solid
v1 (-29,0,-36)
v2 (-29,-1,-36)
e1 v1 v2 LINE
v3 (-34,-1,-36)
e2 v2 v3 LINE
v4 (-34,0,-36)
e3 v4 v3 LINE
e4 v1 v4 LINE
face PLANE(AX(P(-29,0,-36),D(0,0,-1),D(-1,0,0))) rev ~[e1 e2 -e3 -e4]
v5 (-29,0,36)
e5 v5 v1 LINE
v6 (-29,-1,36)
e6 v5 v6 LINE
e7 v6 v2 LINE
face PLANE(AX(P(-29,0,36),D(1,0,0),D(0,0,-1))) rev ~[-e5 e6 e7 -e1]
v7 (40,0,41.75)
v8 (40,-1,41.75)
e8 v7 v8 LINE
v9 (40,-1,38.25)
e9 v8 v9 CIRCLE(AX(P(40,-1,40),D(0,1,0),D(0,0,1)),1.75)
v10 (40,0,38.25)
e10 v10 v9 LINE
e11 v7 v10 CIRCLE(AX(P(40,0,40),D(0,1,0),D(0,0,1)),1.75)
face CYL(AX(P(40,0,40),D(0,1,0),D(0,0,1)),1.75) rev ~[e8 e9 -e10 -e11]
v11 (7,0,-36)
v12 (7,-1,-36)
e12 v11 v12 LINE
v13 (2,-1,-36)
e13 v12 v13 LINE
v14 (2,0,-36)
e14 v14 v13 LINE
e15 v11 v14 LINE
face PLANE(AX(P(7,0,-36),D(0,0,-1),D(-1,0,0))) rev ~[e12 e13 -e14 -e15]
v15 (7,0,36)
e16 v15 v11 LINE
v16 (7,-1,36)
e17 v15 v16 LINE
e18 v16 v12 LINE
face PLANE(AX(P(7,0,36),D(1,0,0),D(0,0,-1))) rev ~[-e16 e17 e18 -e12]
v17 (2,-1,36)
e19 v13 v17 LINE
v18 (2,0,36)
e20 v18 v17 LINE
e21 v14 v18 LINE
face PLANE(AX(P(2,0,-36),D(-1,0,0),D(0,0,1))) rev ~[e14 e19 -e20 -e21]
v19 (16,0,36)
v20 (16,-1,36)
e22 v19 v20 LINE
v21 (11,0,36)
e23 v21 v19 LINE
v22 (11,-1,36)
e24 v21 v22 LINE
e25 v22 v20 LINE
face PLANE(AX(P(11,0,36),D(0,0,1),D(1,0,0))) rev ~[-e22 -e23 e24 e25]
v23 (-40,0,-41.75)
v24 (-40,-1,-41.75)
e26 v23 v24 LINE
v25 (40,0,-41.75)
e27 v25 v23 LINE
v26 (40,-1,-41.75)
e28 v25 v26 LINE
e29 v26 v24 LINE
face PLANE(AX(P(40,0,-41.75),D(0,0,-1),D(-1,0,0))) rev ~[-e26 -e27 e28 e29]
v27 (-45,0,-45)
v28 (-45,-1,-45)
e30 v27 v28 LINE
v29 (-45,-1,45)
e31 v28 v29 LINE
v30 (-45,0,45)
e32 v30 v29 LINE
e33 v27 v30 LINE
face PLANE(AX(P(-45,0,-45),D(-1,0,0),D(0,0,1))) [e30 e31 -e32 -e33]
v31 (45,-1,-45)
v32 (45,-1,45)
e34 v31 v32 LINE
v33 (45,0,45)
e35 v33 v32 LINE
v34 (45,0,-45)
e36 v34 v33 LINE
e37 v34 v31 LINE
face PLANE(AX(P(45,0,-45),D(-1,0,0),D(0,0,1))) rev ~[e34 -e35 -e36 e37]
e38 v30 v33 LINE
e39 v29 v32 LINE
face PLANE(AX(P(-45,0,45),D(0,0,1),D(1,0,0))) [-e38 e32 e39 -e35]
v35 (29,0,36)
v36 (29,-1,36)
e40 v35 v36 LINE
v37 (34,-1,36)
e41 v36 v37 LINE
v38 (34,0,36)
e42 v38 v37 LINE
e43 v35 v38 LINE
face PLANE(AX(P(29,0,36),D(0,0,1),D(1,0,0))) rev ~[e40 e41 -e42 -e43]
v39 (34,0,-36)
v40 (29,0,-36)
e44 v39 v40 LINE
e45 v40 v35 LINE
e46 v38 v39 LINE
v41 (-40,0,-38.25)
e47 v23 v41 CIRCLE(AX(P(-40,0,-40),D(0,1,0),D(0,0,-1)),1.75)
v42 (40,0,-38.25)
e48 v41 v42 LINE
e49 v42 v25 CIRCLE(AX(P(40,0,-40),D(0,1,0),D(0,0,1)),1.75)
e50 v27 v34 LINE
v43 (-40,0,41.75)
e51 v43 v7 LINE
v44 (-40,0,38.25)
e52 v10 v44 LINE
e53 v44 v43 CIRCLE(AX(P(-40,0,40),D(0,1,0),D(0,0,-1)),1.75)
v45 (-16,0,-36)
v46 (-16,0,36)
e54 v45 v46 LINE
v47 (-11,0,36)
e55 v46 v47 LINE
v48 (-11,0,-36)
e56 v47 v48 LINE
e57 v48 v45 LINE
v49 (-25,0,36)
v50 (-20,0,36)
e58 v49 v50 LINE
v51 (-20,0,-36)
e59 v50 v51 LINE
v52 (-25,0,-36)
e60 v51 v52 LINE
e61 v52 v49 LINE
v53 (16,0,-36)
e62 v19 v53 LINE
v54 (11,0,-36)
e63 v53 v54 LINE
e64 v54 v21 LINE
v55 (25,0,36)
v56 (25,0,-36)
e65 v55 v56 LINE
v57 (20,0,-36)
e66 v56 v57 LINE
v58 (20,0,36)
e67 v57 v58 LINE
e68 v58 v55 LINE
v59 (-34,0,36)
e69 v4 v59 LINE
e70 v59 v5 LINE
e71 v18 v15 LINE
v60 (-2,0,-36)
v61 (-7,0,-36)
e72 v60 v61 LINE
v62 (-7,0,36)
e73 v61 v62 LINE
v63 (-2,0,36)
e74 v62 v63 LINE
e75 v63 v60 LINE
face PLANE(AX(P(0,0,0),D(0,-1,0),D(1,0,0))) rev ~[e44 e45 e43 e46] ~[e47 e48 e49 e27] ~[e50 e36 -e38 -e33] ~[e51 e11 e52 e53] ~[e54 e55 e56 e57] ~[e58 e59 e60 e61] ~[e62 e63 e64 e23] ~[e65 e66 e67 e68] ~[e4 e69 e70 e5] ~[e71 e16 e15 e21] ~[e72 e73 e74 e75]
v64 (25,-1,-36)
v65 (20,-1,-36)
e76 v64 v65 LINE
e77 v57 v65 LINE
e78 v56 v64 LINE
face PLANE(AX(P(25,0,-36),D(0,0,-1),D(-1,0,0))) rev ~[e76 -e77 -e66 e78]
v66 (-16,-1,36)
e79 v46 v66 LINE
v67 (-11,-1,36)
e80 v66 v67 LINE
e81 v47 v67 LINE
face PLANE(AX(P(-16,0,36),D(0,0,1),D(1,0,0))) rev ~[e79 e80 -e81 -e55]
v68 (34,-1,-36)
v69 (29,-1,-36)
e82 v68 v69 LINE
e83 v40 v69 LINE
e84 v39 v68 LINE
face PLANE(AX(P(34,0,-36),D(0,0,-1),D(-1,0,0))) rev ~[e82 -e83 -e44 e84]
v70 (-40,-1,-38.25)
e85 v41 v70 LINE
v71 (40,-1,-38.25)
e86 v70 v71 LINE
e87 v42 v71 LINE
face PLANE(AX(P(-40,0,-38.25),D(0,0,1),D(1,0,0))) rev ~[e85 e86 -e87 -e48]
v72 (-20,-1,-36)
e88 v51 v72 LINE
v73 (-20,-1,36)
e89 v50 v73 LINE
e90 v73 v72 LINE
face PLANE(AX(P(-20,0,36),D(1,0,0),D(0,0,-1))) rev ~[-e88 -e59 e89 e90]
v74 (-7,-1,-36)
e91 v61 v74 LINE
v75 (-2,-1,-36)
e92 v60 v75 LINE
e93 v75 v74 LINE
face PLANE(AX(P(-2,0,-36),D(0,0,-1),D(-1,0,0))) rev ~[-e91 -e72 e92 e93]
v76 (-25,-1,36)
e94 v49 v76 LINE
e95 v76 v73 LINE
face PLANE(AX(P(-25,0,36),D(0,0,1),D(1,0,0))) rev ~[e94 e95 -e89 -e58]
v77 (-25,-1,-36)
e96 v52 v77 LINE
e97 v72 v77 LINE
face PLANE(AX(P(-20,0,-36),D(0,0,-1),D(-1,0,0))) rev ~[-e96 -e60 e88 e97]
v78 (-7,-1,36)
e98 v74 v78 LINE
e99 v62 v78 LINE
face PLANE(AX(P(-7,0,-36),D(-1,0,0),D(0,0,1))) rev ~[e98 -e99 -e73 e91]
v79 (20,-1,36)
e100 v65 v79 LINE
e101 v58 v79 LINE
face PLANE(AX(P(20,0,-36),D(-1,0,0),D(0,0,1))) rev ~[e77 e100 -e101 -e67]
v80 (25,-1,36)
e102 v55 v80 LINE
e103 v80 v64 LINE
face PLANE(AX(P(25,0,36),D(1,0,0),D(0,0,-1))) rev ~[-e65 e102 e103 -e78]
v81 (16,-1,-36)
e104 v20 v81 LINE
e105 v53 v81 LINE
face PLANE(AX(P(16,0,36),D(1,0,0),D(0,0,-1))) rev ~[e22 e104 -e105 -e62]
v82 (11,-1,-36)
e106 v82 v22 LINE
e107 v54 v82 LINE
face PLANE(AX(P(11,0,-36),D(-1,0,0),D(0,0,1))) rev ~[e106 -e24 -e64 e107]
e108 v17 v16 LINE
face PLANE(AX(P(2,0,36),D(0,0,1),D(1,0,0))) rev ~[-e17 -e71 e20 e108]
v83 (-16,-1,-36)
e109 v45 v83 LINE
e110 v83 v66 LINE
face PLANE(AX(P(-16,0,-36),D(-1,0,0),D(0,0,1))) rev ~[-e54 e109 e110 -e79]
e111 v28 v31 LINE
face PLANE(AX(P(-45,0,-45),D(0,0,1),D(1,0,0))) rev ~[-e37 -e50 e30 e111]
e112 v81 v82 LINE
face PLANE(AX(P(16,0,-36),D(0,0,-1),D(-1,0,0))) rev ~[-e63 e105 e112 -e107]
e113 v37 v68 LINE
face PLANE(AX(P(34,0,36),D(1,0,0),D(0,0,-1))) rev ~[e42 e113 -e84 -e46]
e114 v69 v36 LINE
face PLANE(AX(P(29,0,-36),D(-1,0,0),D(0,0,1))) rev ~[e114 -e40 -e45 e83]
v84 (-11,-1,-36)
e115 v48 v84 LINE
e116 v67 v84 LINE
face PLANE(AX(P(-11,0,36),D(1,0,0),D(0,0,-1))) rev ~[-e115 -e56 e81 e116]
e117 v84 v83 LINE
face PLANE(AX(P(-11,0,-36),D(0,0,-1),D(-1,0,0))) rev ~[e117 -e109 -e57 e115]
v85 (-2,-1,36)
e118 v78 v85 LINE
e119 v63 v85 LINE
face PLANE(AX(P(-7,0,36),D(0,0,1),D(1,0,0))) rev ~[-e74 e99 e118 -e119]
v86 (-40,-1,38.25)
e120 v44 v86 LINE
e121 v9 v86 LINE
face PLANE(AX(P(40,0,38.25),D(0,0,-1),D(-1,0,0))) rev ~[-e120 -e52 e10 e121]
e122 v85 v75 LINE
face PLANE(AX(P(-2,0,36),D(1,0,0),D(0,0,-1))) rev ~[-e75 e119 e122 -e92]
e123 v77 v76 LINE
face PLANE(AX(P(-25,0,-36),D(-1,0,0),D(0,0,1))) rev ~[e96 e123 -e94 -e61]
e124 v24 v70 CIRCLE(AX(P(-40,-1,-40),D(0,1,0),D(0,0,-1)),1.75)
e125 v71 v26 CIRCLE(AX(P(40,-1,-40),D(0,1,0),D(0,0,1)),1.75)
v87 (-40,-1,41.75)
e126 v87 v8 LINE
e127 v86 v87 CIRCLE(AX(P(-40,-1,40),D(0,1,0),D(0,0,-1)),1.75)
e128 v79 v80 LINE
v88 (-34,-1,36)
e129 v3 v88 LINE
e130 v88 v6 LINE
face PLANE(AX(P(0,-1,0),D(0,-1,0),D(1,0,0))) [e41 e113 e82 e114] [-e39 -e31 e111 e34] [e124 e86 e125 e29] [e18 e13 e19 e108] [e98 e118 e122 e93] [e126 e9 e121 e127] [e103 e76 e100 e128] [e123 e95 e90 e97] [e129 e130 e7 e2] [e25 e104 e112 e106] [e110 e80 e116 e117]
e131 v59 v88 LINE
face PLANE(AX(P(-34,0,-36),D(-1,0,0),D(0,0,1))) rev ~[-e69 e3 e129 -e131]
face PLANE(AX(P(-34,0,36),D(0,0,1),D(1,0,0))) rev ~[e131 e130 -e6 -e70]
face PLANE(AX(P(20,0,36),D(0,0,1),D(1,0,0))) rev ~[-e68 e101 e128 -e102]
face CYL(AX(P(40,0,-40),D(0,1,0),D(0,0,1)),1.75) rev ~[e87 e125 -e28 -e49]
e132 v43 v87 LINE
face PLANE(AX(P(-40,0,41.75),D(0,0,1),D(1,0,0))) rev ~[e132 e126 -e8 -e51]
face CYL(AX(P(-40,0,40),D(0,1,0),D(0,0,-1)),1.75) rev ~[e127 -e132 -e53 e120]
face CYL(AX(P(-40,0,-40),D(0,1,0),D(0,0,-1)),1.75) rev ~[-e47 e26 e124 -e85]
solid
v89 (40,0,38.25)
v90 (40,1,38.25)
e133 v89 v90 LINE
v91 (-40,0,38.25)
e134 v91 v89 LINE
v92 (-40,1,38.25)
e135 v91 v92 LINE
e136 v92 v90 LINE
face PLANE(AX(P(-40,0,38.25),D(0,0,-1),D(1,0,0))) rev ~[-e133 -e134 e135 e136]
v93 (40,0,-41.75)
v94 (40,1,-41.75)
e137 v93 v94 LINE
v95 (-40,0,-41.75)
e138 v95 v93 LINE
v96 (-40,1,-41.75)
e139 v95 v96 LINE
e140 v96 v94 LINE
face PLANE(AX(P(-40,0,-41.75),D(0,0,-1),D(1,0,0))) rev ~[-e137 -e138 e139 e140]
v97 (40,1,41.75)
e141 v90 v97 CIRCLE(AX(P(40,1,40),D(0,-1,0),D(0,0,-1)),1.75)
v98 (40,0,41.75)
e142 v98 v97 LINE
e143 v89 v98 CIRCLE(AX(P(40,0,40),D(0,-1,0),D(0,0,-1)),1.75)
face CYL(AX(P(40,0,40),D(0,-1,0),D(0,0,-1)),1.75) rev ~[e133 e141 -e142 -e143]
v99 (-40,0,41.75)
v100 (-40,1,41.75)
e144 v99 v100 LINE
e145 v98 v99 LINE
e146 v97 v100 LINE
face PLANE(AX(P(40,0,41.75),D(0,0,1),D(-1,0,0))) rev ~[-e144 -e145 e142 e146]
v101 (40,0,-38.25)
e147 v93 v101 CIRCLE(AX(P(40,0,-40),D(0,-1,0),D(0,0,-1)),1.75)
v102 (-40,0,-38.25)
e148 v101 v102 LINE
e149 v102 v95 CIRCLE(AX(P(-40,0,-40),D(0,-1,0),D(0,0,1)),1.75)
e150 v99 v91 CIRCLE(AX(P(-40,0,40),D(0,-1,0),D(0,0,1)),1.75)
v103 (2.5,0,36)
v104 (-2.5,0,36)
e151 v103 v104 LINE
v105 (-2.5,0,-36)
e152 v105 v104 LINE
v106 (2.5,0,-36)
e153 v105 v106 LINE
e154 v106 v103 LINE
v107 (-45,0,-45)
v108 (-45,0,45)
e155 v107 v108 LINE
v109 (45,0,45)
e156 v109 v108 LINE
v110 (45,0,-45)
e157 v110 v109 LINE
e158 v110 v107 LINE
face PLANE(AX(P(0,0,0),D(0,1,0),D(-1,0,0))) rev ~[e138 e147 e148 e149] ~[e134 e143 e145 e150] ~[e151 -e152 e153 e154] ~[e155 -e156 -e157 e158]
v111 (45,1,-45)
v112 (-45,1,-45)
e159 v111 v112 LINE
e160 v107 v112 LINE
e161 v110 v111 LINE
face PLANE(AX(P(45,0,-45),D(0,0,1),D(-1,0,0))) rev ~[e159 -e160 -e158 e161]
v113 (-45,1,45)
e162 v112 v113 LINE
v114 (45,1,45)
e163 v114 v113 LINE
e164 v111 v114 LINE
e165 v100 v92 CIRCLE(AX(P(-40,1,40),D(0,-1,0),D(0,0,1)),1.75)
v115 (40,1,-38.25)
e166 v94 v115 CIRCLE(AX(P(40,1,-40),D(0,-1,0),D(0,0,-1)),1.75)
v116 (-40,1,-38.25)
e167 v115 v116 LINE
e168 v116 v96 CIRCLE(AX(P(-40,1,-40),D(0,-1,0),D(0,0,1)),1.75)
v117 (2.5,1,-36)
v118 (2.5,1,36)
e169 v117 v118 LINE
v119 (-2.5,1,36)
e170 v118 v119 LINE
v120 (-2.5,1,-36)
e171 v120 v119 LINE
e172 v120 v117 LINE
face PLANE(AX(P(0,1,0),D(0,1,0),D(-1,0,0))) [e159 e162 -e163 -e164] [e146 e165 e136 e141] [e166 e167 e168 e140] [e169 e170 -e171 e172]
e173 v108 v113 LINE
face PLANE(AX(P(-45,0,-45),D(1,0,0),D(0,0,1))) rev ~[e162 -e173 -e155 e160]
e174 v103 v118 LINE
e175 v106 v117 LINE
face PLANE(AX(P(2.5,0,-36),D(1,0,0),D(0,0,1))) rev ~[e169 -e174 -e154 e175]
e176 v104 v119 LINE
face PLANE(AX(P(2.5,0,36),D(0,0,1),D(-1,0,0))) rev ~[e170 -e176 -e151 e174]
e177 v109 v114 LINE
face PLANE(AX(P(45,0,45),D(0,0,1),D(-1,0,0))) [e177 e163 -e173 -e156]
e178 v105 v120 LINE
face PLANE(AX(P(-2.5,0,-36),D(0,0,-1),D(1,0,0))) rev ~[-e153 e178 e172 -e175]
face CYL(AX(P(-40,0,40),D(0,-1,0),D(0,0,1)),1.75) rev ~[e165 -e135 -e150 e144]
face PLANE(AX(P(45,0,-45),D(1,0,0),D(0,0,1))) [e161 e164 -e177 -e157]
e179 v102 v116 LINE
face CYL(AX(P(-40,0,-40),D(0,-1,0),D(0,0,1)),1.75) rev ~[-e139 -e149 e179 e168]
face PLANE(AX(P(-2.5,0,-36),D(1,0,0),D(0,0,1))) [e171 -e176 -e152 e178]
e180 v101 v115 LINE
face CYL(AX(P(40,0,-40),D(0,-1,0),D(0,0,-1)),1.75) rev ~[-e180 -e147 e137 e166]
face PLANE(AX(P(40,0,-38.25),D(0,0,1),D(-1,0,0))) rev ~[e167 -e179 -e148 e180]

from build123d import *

# Parameters (mm, degrees)
F0_W     = 90
F0_H     = 90
F1_DEPTH = 1
F2_W     = 90
F2_H     = 90
F2_W_2   = 5
F2_H_2   = 72
F2_W_3   = 4.5
F3_DEPTH = 1


with BuildPart() as f1:
    # F0 (on Front) → F1 (new body)
    with BuildSketch(Plane.XZ):
        Rectangle(F0_W, F0_H)
        with BuildLine():
            ThreePointArc((40, -38.25), (41.75, -40), (40, -41.75))
            Line((40, -41.75), (0, -41.75))
            Line((0, -41.75), (-40, -41.75))
            ThreePointArc((-40, -41.75), (-41.75, -40), (-40, -38.25))
            Line((-40, -38.25), (0, -38.25))
            Line((0, -38.25), (40, -38.25))
        make_face(mode=Mode.SUBTRACT)
        Polygon((-34, 36), (-29, 36), (-29, 0), (-29, -36), (-34, -36), (-34, 0), align=None, mode=Mode.SUBTRACT)
        Polygon((-25, -36), (-25, 0), (-25, 36), (-20, 36), (-20, 0), (-20, -36), align=None, mode=Mode.SUBTRACT)
        Polygon((-16, -36), (-16, 0), (-16, 36), (-11, 36), (-11, 0), (-11, -36), align=None, mode=Mode.SUBTRACT)
        Polygon((-7, 36), (-2, 36), (-2, 0), (-2, -36), (-7, -36), (-7, 0), align=None, mode=Mode.SUBTRACT)
        Polygon((2, 0), (2, 36), (7, 36), (7, 0), (7, -36), (2, -36), align=None, mode=Mode.SUBTRACT)
        Polygon((11, -36), (11, 0), (11, 36), (16, 36), (16, 0), (16, -36), align=None, mode=Mode.SUBTRACT)
        Polygon((20, -36), (20, 0), (20, 36), (25, 36), (25, 0), (25, -36), align=None, mode=Mode.SUBTRACT)
        Polygon((29, -36), (29, 0), (29, 36), (34, 36), (34, 0), (34, -36), align=None, mode=Mode.SUBTRACT)
        with BuildLine():
            Line((-40, 41.75), (0, 41.75))
            Line((0, 41.75), (40, 41.75))
            ThreePointArc((40, 41.75), (41.75, 40), (40, 38.25))
            Line((40, 38.25), (0, 38.25))
            Line((0, 38.25), (-40, 38.25))
            ThreePointArc((-40, 38.25), (-41.75, 40), (-40, 41.75))
        make_face(mode=Mode.SUBTRACT)
    extrude(amount=F1_DEPTH)


with BuildPart() as f3:
    # F2 (on face) → F3 (new body)
    with BuildSketch(Plane(origin=(0, 0, 0), x_dir=(-1, 0, 0), z_dir=(0, 1, 0))):
        Rectangle(F2_W, F2_H)
        with BuildLine():
            Line((40, -41.75), (-40, -41.75))
            ThreePointArc((-40, -41.75), (-41.75, -40), (-40, -38.25))
            Line((-40, -38.25), (40, -38.25))
            ThreePointArc((40, -38.25), (41.75, -40), (40, -41.75))
        make_face(mode=Mode.SUBTRACT)
        with Locations((-31.5, 0)):
            Rectangle(F2_W_2, F2_H_2, mode=Mode.SUBTRACT)
        with Locations((-22.5, 0)):
            Rectangle(F2_W_2, F2_H_2, mode=Mode.SUBTRACT)
        with Locations((-13.5, 0)):
            Rectangle(F2_W_2, F2_H_2, mode=Mode.SUBTRACT)
        Polygon((2, 36), (2.5, 36), (7, 36), (7, -36), (2.5, -36), (2, -36), (-2, -36), (-2.5, -36), (-7, -36), (-7, 36), (-2.5, 36), (-2, 36), align=None, mode=Mode.SUBTRACT)
        with Locations((13.5, 0)):
            Rectangle(F2_W_2, F2_H_2, mode=Mode.SUBTRACT)
        with Locations((22.5, 0)):
            Rectangle(F2_W_2, F2_H_2, mode=Mode.SUBTRACT)
        with Locations((31.5, 0)):
            Rectangle(F2_W_2, F2_H_2, mode=Mode.SUBTRACT)
        with BuildLine():
            ThreePointArc((-40, 38.25), (-41.75, 40), (-40, 41.75))
            Line((-40, 41.75), (40, 41.75))
            ThreePointArc((40, 41.75), (41.75, 40), (40, 38.25))
            Line((40, 38.25), (-40, 38.25))
        make_face(mode=Mode.SUBTRACT)
        with Locations((-13.5, 0)):
            Rectangle(F2_W_2, F2_H_2)
        with Locations((-22.5, 0)):
            Rectangle(F2_W_2, F2_H_2)
        with Locations((-31.5, 0)):
            Rectangle(F2_W_2, F2_H_2)
        with Locations((22.5, 0)):
            Rectangle(F2_W_2, F2_H_2)
        with Locations((31.5, 0)):
            Rectangle(F2_W_2, F2_H_2)
        with Locations((13.5, 0)):
            Rectangle(F2_W_2, F2_H_2)
        with Locations((-4.75, 0)):
            Rectangle(F2_W_3, F2_H_2)
        with Locations((4.75, 0)):
            Rectangle(F2_W_3, F2_H_2)
    extrude(amount=F3_DEPTH)


solid = Compound([f1.part, f3.part])
